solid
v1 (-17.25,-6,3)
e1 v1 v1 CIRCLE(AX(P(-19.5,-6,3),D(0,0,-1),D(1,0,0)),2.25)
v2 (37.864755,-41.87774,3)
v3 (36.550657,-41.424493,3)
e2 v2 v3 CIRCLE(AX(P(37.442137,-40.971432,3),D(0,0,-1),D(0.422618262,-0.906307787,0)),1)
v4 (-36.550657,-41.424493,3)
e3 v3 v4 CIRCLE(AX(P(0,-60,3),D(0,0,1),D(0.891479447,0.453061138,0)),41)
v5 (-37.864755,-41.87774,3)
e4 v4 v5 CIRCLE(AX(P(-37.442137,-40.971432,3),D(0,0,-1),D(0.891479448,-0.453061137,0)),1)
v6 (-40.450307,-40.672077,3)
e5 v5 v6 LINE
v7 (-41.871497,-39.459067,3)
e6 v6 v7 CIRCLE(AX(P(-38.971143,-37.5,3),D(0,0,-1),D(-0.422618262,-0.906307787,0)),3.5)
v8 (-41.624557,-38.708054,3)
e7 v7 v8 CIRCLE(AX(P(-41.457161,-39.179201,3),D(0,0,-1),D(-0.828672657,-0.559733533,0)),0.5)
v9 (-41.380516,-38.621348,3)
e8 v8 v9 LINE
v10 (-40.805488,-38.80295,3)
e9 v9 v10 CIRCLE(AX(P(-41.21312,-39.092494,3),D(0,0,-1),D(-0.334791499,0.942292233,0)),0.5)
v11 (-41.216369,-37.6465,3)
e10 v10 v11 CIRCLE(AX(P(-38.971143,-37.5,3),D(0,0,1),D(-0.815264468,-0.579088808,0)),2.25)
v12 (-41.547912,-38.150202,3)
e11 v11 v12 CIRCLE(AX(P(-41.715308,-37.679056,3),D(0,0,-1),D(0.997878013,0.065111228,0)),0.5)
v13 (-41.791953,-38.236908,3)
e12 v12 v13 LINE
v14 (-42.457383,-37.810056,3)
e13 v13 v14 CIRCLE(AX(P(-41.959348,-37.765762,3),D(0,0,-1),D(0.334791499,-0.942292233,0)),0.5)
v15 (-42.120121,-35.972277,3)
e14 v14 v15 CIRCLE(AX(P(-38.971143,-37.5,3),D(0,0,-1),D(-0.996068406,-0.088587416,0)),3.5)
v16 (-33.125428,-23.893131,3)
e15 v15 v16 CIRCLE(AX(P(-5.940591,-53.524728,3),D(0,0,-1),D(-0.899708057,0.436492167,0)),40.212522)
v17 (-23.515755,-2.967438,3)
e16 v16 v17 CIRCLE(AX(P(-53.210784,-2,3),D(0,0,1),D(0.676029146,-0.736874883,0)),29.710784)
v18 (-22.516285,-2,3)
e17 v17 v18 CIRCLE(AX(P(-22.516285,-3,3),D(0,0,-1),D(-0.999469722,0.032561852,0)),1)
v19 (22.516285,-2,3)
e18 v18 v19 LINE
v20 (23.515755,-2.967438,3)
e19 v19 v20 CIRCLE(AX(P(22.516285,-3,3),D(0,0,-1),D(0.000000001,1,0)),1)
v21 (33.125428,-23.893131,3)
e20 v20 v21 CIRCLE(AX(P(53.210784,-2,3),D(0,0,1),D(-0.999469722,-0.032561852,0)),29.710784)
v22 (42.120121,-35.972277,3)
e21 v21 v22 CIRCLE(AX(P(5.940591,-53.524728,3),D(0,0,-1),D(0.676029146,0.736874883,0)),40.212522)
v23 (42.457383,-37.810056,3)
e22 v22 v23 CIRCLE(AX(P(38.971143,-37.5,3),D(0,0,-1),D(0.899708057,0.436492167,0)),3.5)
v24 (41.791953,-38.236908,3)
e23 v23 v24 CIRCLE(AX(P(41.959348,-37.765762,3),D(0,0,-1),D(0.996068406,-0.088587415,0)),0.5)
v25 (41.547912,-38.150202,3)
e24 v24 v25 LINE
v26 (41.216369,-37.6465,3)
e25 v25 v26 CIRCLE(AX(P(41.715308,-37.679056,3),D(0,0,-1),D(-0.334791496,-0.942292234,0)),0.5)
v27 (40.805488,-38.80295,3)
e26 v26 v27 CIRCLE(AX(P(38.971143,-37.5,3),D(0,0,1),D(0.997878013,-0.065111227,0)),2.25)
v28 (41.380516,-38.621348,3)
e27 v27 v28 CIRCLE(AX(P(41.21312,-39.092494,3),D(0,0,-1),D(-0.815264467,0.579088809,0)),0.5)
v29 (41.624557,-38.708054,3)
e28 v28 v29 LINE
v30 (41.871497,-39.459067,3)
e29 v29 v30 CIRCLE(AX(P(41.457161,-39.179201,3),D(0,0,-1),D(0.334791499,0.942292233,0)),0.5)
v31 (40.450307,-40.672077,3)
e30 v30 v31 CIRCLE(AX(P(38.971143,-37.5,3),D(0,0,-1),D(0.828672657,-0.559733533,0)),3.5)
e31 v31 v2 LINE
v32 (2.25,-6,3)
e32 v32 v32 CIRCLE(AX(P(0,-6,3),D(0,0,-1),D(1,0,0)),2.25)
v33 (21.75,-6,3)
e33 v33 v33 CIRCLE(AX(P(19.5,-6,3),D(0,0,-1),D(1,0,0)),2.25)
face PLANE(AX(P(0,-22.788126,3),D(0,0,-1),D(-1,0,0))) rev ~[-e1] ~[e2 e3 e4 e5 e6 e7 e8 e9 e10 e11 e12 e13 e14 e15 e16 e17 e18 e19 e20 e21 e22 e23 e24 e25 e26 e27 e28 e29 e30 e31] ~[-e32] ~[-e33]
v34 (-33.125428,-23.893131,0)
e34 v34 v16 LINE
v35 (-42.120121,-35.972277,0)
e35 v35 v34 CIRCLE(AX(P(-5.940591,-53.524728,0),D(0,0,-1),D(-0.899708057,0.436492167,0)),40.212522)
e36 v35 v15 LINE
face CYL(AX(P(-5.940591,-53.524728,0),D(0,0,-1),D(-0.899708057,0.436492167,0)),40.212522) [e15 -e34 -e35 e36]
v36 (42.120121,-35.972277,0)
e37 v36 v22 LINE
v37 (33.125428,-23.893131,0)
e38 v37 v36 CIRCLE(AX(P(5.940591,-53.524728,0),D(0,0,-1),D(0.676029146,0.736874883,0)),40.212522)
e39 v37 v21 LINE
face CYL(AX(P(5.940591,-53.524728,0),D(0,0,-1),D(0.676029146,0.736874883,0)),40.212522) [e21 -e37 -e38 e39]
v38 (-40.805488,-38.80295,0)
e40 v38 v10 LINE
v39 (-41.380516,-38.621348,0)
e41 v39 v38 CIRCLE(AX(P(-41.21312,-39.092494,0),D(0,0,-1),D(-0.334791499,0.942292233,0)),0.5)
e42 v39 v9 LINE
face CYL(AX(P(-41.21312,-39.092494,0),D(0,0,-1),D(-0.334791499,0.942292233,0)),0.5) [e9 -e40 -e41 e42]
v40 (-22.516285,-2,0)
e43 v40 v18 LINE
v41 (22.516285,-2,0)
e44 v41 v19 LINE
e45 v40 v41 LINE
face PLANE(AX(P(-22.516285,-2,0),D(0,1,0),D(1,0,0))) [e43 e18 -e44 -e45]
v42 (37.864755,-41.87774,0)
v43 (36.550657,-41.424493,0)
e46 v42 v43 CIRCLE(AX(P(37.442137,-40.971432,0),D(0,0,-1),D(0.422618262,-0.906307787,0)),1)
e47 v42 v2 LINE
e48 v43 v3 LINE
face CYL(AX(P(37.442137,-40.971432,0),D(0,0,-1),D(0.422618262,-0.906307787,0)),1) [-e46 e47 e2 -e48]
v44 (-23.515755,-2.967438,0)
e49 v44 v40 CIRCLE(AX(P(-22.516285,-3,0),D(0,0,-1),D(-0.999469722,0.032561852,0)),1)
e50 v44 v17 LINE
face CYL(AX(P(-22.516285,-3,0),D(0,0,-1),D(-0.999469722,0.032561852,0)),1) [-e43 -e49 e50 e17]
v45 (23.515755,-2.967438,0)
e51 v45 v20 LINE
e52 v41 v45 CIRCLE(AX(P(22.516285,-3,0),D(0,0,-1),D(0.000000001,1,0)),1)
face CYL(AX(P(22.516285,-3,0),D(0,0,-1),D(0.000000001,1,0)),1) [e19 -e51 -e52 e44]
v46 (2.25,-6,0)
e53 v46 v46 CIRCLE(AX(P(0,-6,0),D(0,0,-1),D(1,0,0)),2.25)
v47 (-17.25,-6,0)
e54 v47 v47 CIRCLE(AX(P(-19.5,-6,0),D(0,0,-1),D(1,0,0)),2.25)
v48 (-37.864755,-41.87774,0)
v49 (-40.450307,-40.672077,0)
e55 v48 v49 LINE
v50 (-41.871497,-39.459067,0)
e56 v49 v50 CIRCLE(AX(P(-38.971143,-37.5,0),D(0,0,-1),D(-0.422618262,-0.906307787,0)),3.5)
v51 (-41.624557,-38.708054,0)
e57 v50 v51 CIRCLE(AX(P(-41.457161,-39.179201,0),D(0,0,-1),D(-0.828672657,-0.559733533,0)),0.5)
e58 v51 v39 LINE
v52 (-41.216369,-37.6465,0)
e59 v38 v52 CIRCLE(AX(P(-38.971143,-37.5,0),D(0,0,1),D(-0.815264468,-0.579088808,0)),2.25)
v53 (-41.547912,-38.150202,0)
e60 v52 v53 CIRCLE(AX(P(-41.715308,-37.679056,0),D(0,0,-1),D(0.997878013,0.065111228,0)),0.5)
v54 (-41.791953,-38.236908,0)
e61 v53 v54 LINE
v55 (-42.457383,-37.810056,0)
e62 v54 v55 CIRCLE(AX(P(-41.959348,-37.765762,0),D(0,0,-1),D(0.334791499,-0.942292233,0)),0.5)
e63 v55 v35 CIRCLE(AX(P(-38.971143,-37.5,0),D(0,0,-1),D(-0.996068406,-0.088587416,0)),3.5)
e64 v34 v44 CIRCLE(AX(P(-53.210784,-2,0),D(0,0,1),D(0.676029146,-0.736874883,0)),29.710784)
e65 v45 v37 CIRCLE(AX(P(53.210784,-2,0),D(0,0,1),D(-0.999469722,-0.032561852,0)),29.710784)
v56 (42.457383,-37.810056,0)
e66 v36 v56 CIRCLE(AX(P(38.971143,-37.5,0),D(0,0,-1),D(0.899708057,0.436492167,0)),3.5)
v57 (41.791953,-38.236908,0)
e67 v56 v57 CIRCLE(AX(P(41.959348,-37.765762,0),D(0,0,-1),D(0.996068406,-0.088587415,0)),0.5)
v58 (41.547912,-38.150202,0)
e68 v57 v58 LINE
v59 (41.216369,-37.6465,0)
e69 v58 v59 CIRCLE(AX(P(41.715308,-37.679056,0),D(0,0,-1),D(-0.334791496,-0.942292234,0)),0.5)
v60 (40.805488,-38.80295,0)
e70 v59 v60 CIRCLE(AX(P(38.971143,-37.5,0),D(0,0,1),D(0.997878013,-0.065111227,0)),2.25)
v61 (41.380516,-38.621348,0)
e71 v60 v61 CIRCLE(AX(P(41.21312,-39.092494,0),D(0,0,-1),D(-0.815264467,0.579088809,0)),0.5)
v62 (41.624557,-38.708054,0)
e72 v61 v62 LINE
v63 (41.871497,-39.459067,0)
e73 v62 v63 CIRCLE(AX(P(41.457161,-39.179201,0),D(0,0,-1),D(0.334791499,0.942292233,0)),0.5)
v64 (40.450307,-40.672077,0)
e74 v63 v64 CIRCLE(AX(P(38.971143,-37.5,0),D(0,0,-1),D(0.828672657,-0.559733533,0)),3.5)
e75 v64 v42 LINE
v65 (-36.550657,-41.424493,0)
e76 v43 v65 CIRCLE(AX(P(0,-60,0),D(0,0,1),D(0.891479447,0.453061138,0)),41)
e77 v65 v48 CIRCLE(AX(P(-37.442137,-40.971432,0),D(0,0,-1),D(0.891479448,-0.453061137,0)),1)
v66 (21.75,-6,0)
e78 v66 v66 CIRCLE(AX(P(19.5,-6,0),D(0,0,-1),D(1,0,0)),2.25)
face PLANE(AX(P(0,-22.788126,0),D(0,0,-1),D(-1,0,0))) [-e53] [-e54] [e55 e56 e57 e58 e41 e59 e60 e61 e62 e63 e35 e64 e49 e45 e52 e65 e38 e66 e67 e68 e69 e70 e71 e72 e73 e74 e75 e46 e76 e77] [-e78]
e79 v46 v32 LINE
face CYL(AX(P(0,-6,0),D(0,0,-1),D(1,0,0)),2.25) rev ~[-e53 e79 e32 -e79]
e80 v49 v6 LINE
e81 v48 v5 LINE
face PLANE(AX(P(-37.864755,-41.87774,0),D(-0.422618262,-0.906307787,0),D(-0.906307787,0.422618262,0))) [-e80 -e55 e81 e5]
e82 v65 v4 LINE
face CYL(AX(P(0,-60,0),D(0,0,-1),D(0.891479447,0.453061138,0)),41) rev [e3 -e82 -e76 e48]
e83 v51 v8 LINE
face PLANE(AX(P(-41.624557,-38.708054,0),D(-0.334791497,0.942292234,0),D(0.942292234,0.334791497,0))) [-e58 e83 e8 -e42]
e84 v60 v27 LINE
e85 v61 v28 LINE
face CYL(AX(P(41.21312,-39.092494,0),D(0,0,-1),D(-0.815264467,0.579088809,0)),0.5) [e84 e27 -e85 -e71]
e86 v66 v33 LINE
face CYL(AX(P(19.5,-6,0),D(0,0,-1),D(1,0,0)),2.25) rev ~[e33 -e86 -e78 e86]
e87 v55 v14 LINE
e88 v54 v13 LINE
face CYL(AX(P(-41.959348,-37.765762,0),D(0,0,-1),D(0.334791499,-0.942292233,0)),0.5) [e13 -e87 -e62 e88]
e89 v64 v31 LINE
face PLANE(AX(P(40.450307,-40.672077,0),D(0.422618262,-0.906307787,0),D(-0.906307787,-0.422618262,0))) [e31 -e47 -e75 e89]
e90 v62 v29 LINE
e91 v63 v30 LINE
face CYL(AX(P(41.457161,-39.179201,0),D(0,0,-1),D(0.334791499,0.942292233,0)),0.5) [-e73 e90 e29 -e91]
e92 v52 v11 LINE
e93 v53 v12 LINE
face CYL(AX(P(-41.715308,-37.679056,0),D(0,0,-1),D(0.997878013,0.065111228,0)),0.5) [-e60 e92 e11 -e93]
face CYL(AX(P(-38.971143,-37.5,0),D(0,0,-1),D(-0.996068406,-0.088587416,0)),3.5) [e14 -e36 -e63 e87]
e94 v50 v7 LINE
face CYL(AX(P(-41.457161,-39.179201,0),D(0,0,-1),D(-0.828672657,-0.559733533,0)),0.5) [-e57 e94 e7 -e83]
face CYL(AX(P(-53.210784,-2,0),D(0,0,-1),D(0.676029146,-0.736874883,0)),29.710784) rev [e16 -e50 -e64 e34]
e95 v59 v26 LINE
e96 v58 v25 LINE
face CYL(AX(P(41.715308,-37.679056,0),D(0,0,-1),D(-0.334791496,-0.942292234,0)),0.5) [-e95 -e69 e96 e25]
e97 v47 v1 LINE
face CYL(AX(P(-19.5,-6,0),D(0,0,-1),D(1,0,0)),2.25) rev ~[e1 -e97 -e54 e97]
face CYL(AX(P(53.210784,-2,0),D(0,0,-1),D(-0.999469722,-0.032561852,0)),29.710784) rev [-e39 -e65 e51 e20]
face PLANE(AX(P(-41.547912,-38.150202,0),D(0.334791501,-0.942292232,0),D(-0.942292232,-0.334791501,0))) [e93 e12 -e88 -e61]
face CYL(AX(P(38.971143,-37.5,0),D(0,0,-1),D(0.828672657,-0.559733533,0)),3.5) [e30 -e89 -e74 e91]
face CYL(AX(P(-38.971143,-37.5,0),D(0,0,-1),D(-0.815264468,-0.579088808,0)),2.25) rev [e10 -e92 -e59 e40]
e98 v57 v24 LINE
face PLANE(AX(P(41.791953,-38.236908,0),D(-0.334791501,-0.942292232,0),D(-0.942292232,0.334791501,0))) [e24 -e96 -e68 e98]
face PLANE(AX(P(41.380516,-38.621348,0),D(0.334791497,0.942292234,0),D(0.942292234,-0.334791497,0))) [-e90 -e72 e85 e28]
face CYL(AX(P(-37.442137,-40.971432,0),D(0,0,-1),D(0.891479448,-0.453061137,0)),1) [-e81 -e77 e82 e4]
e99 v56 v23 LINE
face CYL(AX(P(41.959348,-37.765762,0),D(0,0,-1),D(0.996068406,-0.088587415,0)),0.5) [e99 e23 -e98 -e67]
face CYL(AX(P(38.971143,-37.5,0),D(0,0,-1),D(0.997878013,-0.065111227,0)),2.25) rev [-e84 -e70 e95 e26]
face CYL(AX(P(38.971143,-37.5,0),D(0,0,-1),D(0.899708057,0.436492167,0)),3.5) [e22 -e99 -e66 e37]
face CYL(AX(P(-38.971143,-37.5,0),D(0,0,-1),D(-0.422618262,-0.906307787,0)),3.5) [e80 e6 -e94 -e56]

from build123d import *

# Parameters (mm, degrees)
SKETCH_1_R      = 2.25
EXTRUDE_1_DEPTH = 3


with BuildPart() as part:
    # 草图1 → 凸台-拉伸1 (new body)
    with BuildSketch(Plane(origin=(0, 0, 0), x_dir=(-1, 0, 0), z_dir=(0, 0, -1))):
        with BuildLine():
            Line((-41.791952639, -38.236908366), (-41.547911956, -38.150201988))
            ThreePointArc((-41.547911956, -38.150201988), (-41.297660294, -37.953957018), (-41.216368699, -37.646500259))
            ThreePointArc((-41.216368699, -37.646500259), (-36.850985646, -36.746719128), (-40.805488223, -38.802949817))
            ThreePointArc((-40.805488223, -38.802949817), (-41.062544272, -38.615706205), (-41.380516207, -38.621348105))
            Line((-41.380516207, -38.621348105), (-41.62455689, -38.708054482))
            ThreePointArc((-41.62455689, -38.708054482), (-41.932143393, -39.023021663), (-41.871497469, -39.459067365))
            ThreePointArc((-41.871497469, -39.459067365), (-41.243343249, -40.162162054), (-40.450307086, -40.672077255))
            Line((-40.450307086, -40.672077255), (-37.864755045, -41.877739972))
            ThreePointArc((-37.864755045, -41.877739972), (-37.116075694, -41.916780886), (-36.550657336, -41.424493323))
            ThreePointArc((-36.550657336, -41.424493323), (0, -19), (36.550657336, -41.424493323))
            ThreePointArc((36.550657336, -41.424493323), (37.116075694, -41.916780886), (37.864755045, -41.877739972))
            Line((37.864755045, -41.877739972), (40.450307086, -40.672077255))
            ThreePointArc((40.450307086, -40.672077255), (41.243343249, -40.162162054), (41.871497469, -39.459067365))
            ThreePointArc((41.871497469, -39.459067365), (41.932143393, -39.023021663), (41.62455689, -38.708054482))
            Line((41.62455689, -38.708054482), (41.380516207, -38.621348105))
            ThreePointArc((41.380516207, -38.621348105), (41.062544272, -38.615706205), (40.805488223, -38.802949817))
            ThreePointArc((40.805488223, -38.802949817), (36.850985646, -36.746719128), (41.216368699, -37.646500259))
            ThreePointArc((41.216368699, -37.646500259), (41.297660294, -37.953957018), (41.547911956, -38.150201988))
            Line((41.547911956, -38.150201988), (41.791952639, -38.236908366))
            ThreePointArc((41.791952639, -38.236908366), (42.229313556, -38.186617104), (42.457382592, -37.810055957))
            ThreePointArc((42.457382592, -37.810055957), (42.413654712, -36.868245075), (42.120121371, -35.972277417))
            ThreePointArc((42.120121371, -35.972277417), (38.193299638, -29.507864773), (33.125428162, -23.893130722))
            ThreePointArc((33.125428162, -23.893130722), (26.210916767, -14.399107105), (23.515754966, -2.967438148))
            ThreePointArc((23.515754966, -2.967438148), (23.211784398, -2.281473086), (22.516285244, -2))
            Line((22.516285244, -2), (-22.516285244, -2))
            ThreePointArc((-22.516285244, -2), (-23.211784398, -2.281473086), (-23.515754966, -2.967438148))
            ThreePointArc((-23.515754966, -2.967438148), (-26.210916767, -14.399107105), (-33.125428162, -23.893130722))
            ThreePointArc((-33.125428162, -23.893130722), (-38.193299638, -29.507864773), (-42.120121371, -35.972277417))
            ThreePointArc((-42.120121371, -35.972277417), (-42.413654712, -36.868245075), (-42.457382592, -37.810055957))
            ThreePointArc((-42.457382592, -37.810055957), (-42.229313556, -38.186617104), (-41.791952639, -38.236908366))
        make_face()
        with Locations(Location((0, -6, 0), (0, 0, 180))):
            Circle(SKETCH_1_R, mode=Mode.SUBTRACT)
        with Locations(Location((19.5, -6, 0), (0, 0, 180))):
            Circle(SKETCH_1_R, mode=Mode.SUBTRACT)
        with Locations(Location((-19.5, -6, 0), (0, 0, 180))):
            Circle(SKETCH_1_R, mode=Mode.SUBTRACT)
    extrude(amount=-EXTRUDE_1_DEPTH)


solid = part.part
